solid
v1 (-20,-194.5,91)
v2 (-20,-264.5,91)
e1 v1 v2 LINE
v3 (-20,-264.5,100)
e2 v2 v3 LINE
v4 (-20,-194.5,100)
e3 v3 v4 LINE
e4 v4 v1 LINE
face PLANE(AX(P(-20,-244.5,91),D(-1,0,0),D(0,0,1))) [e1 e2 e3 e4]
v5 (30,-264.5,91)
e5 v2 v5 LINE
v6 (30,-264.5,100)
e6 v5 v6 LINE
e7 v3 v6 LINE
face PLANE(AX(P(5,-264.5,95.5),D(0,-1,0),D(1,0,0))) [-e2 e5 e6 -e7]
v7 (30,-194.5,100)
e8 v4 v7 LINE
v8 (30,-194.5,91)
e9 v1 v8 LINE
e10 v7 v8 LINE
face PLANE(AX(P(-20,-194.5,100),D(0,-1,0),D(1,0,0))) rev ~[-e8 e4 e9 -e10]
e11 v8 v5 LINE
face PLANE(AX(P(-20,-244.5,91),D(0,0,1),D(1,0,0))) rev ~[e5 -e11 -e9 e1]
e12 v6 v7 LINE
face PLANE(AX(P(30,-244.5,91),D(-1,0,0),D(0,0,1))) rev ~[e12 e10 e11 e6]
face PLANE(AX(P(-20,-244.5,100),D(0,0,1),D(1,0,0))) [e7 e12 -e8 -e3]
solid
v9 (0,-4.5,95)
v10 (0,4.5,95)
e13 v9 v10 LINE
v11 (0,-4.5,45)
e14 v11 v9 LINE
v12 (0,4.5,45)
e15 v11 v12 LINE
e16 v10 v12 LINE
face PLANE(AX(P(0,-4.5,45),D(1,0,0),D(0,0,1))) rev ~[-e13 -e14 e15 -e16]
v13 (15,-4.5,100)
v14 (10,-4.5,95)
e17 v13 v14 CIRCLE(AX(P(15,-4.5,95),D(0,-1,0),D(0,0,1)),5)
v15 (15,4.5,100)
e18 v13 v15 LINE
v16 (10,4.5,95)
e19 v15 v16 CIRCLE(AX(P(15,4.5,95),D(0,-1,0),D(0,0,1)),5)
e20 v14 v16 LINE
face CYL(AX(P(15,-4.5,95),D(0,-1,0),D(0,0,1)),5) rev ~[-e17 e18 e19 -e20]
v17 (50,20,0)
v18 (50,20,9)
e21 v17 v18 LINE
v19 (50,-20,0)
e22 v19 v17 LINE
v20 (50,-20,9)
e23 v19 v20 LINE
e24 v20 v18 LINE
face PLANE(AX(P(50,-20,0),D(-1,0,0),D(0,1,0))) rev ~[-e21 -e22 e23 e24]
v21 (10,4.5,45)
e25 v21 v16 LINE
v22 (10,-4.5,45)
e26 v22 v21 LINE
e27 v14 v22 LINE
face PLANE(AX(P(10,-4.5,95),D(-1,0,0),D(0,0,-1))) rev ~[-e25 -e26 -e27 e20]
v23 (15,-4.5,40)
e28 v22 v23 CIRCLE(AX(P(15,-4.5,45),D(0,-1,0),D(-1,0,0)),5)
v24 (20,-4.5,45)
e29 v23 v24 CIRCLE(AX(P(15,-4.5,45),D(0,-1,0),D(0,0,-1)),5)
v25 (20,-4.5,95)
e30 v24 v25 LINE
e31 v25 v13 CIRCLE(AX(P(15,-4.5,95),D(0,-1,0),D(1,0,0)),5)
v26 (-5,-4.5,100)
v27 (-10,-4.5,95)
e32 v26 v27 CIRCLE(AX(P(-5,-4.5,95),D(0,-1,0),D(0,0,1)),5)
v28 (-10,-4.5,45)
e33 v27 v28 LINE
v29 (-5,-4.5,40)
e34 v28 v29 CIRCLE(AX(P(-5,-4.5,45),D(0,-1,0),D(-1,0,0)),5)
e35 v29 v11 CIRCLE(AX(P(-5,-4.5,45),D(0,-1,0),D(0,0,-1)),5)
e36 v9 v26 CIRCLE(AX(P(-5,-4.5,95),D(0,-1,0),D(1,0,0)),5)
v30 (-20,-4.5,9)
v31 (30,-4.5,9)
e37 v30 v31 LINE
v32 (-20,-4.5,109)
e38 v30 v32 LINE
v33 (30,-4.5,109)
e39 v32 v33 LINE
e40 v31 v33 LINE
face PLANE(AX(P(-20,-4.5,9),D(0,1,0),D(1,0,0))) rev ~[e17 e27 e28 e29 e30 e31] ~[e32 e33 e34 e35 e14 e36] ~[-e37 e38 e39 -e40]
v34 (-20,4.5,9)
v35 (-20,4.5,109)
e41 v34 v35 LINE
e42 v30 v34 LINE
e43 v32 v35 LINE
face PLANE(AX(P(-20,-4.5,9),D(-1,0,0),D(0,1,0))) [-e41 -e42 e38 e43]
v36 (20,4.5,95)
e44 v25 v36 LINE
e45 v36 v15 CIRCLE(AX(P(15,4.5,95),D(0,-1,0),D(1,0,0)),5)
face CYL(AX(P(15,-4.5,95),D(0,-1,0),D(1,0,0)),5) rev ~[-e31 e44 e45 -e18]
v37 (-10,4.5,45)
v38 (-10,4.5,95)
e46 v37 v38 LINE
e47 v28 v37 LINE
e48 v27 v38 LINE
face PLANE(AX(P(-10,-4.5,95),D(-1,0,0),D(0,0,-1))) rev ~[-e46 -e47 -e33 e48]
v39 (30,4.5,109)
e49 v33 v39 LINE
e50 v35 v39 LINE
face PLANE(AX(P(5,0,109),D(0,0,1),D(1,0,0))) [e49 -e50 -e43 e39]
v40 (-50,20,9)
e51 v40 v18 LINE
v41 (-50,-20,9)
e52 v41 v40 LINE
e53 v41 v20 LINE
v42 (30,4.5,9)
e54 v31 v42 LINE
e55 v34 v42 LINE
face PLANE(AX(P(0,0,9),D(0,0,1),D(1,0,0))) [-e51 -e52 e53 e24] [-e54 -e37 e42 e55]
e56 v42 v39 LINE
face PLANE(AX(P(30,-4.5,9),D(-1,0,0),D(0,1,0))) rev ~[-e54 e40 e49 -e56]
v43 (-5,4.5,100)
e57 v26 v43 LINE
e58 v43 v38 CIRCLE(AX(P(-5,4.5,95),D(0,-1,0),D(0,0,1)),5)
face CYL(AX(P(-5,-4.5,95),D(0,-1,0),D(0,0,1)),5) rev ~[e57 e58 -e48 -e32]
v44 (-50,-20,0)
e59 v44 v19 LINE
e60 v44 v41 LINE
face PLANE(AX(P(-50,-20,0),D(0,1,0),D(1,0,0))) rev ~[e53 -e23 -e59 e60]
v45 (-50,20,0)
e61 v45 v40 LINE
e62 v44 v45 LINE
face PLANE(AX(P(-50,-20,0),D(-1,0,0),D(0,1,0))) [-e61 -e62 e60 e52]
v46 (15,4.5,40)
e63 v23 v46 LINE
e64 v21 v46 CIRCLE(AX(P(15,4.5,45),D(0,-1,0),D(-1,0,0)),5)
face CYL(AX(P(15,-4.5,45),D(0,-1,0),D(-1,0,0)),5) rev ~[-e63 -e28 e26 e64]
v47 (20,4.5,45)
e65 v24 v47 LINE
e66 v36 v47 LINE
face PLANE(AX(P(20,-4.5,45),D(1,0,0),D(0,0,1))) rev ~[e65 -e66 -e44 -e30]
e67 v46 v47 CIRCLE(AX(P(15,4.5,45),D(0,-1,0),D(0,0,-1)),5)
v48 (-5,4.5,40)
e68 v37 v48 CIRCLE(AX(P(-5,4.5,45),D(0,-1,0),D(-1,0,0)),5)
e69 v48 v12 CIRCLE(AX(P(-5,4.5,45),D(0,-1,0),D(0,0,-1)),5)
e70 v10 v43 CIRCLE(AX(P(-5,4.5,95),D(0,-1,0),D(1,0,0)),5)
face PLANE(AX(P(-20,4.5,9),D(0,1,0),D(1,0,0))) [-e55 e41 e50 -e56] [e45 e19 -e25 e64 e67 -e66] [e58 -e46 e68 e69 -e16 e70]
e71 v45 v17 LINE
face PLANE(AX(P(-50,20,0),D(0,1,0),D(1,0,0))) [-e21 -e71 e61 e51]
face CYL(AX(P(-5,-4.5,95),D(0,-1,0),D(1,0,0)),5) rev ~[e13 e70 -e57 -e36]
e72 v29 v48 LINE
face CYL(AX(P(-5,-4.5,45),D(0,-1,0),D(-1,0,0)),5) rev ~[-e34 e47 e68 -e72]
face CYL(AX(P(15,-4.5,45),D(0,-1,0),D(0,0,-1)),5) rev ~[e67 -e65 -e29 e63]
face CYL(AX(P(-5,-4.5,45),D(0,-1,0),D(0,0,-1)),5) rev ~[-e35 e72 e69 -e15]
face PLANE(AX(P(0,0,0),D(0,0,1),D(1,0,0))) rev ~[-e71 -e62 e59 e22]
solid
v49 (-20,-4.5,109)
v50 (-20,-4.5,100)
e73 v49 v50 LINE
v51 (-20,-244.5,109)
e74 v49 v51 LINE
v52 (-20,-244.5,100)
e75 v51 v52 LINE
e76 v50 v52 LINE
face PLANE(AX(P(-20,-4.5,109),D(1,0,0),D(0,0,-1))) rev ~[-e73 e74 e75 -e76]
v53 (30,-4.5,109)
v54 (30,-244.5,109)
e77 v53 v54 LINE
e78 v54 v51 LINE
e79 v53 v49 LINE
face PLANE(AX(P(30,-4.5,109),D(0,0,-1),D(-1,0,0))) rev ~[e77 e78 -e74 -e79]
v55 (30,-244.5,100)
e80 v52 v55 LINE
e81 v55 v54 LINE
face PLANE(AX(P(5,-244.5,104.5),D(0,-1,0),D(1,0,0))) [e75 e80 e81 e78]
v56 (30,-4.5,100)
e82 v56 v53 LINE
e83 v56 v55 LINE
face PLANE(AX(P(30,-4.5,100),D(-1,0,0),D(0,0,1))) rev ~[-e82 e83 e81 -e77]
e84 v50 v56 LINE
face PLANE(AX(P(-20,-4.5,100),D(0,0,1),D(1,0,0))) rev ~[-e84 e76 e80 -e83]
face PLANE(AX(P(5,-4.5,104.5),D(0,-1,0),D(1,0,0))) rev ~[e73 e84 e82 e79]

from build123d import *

# Parameters (mm, degrees)
F0_W      = 100
F0_H      = 40
F1_DEPTH  = 9
F2_W      = 50
F2_H      = 9
F3_DEPTH  = 100
F5_DEPTH  = 18
F7_DEPTH  = 240
F8_W      = 50
F8_H      = 50
F9_DEPTH  = 9
F10_W     = 50
F10_H     = 9
F11_DEPTH = 20


with BuildPart() as f1:
    # F0 (on Top) → F1 (new body)
    with BuildSketch(Plane.XY):
        Rectangle(F0_W, F0_H)
    extrude(amount=F1_DEPTH)

    # F2 (on face) → F3 (join)
    with BuildSketch(Plane.XY.offset(9)):
        with Locations((5, 0)):
            Rectangle(F2_W, F2_H)
    extrude(amount=F3_DEPTH)

    # F4 (on face) → F5 (cut)
    with BuildSketch(Plane.XZ.offset(4.5)):
        with BuildLine():
            ThreePointArc((-5, 100), (-8.5355339059, 98.5355339059), (-10, 95))
            Line((-10, 95), (-10, 45))
            ThreePointArc((-10, 45), (-8.5355339059, 41.4644660941), (-5, 40))
            ThreePointArc((-5, 40), (-1.4644660941, 41.4644660941), (0, 45))
            Line((0, 45), (0, 95))
            ThreePointArc((0, 95), (-1.4644660941, 98.5355339059), (-5, 100))
        make_face()
        with BuildLine():
            ThreePointArc((15, 100), (11.4644660941, 98.5355339059), (10, 95))
            Line((10, 95), (10, 45))
            ThreePointArc((10, 45), (11.4644660941, 41.4644660941), (15, 40))
            ThreePointArc((15, 40), (18.5355339059, 41.4644660941), (20, 45))
            Line((20, 45), (20, 95))
            ThreePointArc((20, 95), (18.5355339059, 98.5355339059), (15, 100))
        make_face()
    extrude(amount=-F5_DEPTH, mode=Mode.SUBTRACT)


with BuildPart() as f7:
    # F6 (on face) → F7 (new body)
    with BuildSketch(Plane.XZ.offset(4.5)):
        Polygon((30, 100), (30, 109), (-20, 109), (-20, 100), (-5.0000000643, 100), (15, 100), align=None)
    extrude(amount=F7_DEPTH)


with BuildPart() as f9:
    # F8 (on face) → F9 (new body)
    with BuildSketch(Plane(origin=(0, 0, 100), x_dir=(1, 0, 0), z_dir=(0, 0, -1))):
        with Locations((5, 219.5)):
            Rectangle(F8_W, F8_H)
    extrude(amount=F9_DEPTH)

    # F10 (on face) → F11 (join)
    with BuildSketch(Plane.XZ.offset(244.5)):
        with Locations((5, 95.5)):
            Rectangle(F10_W, F10_H)
    extrude(amount=F11_DEPTH)


solid = Compound([f1.part, f7.part, f9.part])
